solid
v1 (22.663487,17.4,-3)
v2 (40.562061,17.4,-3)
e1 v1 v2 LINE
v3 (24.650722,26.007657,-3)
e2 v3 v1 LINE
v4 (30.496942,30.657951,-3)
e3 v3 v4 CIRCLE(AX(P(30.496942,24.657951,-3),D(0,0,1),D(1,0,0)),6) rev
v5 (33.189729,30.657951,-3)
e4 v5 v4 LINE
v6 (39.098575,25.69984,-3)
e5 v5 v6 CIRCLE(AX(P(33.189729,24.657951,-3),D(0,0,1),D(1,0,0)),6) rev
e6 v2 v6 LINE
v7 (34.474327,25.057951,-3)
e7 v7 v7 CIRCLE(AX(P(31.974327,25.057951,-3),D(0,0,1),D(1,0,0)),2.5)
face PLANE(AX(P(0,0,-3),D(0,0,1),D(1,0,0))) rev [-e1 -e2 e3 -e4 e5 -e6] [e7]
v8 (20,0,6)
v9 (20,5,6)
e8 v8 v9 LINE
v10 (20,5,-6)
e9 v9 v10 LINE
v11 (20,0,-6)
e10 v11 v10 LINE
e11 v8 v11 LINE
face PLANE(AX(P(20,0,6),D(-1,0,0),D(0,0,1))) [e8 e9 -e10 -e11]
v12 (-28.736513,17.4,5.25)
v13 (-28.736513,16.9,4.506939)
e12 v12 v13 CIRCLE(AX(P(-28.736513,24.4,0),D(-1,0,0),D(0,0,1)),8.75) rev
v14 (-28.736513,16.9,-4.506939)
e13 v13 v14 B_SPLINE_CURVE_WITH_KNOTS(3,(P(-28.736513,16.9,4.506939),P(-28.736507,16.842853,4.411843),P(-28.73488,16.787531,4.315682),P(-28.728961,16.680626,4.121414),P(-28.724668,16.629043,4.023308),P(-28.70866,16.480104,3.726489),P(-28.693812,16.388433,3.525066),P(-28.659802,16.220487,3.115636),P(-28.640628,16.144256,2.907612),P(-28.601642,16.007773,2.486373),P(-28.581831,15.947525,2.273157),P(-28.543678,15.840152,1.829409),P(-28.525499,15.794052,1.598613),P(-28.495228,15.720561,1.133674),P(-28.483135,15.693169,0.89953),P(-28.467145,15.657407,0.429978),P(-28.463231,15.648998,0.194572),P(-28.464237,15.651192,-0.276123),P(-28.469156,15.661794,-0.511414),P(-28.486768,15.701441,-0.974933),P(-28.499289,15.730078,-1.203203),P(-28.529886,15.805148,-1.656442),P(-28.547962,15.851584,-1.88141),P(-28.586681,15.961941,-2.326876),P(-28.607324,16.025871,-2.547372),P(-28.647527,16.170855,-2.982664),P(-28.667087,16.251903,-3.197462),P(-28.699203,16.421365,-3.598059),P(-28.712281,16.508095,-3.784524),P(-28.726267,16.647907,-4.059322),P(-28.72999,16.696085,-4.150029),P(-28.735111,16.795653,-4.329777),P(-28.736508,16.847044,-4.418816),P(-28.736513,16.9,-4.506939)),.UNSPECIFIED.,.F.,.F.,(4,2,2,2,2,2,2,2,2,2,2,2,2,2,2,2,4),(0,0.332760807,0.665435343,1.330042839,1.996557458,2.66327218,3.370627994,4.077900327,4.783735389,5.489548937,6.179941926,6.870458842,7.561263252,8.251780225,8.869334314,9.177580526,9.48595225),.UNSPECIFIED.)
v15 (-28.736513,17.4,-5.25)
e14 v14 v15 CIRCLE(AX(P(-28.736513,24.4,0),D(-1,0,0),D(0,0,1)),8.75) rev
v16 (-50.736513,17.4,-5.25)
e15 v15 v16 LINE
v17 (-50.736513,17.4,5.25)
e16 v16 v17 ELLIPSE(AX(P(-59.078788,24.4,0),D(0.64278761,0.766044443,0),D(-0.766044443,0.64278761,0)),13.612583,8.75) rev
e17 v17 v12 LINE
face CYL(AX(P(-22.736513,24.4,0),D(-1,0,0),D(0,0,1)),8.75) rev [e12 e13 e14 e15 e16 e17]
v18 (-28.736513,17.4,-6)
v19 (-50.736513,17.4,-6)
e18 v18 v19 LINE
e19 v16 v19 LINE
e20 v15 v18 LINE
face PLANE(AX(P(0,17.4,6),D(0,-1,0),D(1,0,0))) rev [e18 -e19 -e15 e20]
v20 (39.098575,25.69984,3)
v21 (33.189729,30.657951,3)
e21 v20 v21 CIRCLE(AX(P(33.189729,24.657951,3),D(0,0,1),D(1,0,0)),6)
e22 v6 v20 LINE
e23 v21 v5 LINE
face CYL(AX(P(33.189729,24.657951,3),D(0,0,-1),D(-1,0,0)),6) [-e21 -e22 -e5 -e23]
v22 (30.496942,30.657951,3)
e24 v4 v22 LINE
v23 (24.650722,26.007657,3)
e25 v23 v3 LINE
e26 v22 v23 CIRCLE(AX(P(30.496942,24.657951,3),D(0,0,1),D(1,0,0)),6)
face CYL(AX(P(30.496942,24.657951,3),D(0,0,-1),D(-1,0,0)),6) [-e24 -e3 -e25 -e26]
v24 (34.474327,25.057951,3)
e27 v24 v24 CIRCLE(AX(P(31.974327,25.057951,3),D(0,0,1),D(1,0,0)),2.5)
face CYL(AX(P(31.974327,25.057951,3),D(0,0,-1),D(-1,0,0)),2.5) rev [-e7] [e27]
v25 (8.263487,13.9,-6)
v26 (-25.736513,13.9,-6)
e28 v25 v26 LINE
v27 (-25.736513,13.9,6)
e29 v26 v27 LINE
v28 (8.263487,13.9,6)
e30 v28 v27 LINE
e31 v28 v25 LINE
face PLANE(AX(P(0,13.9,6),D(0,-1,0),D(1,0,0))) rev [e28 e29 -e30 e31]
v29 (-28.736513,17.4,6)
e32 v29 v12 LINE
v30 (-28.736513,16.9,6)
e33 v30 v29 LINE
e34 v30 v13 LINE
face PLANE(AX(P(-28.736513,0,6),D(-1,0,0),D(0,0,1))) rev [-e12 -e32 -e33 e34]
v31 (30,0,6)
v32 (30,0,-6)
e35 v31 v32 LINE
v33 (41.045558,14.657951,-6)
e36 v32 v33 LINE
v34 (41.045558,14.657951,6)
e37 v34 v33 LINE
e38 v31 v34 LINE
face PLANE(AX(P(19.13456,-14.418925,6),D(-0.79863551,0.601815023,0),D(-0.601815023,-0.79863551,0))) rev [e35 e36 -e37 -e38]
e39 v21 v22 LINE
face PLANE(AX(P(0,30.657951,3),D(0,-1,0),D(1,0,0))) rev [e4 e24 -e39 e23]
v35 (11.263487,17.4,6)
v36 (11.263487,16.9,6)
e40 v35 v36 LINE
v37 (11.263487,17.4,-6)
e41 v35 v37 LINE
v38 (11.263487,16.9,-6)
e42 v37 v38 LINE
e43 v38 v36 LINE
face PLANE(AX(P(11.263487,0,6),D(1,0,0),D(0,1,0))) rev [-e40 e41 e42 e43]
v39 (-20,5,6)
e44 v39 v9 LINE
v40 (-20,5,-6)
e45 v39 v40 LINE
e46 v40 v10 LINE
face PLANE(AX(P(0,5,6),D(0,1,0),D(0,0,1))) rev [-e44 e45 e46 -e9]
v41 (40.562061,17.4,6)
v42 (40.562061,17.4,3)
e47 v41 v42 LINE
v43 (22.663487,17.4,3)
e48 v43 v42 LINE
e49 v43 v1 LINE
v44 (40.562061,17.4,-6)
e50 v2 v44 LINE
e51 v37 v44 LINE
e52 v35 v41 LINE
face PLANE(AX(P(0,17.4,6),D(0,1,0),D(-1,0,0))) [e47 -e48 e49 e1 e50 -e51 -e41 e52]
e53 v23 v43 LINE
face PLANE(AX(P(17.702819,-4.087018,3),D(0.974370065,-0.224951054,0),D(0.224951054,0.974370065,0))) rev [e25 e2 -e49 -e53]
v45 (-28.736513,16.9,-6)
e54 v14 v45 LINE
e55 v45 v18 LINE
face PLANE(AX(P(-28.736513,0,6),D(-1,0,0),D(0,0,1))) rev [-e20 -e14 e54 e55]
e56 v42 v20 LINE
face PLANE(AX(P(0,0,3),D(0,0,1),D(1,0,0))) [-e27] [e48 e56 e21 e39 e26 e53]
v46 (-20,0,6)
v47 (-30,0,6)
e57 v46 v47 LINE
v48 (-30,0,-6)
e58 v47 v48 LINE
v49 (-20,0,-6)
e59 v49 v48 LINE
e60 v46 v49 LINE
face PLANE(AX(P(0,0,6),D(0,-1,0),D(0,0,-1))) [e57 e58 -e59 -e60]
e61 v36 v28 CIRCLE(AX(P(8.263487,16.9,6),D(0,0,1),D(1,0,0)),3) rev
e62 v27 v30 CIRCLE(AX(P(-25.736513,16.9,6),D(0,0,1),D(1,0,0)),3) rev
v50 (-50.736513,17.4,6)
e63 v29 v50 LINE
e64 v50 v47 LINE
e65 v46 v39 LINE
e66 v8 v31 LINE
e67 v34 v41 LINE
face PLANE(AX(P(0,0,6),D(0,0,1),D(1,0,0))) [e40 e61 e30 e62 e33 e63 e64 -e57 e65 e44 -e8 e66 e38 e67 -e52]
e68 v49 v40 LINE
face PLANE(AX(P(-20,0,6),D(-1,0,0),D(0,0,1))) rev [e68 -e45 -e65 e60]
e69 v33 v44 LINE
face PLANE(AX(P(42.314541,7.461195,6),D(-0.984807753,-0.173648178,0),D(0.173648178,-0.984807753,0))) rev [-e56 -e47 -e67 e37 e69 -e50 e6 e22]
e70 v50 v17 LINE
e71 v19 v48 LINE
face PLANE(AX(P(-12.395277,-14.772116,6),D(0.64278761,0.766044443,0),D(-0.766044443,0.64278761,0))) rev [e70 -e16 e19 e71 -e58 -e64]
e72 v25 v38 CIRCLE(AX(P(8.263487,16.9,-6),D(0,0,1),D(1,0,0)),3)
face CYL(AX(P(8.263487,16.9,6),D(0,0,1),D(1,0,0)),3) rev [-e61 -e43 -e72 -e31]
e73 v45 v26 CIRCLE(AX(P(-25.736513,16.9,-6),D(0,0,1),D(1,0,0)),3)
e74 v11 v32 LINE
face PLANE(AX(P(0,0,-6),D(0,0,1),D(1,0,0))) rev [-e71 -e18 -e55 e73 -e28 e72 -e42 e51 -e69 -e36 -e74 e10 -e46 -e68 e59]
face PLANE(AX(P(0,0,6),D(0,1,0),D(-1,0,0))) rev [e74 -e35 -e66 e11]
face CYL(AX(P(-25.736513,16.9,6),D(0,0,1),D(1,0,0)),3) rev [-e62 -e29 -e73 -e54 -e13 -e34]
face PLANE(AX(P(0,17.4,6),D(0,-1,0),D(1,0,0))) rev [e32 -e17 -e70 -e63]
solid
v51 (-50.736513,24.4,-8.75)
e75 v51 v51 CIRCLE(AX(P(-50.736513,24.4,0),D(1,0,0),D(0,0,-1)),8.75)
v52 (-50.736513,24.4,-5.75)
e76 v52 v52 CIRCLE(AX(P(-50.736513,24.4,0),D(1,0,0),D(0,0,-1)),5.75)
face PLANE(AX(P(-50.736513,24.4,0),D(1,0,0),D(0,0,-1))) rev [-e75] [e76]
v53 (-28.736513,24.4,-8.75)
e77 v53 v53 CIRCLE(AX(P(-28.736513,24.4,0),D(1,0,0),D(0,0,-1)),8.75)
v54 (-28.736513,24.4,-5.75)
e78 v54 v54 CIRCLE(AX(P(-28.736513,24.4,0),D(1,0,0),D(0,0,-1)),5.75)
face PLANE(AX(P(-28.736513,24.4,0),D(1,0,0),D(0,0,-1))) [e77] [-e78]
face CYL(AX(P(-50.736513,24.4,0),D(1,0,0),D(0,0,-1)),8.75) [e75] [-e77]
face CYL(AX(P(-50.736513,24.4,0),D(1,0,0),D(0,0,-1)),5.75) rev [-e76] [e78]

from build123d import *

# Parameters (mm, degrees)
BOSS_EXTRUDE1_DEPTH = 6
SKETCH1_3_R         = 2.5
BOSS_EXTRUDE2_DEPTH = 3
FILLET1_R           = 3
FILLET2_R           = 6
CUT_EXTRUDE1_START  = -22
SKETCH2_R           = 8.75
CUT_EXTRUDE1_DEPTH  = 22.272822
SKETCH2_5_R         = 8.75
SKETCH2_5_R_2       = 5.75
EXTRUDE_THIN4_DEPTH = 22


with BuildPart() as part:
    # Sketch1 → Boss-Extrude1 (new body, symmetric)
    with BuildSketch(Plane.XY):
        Polygon((20, 0), (30, 0), (41.045558347, 14.657951006), (40.562061127, 17.4), (22.663487489, 17.4), (11.263487489, 17.4), (11.263487489, 13.9), (-28.736512511, 13.9), (-28.736512511, 17.4), (-50.736512511, 17.4), (-30, 0), (-20, 0), (-20, 5), (20, 5), align=None)
    extrude(amount=BOSS_EXTRUDE1_DEPTH, both=True)

    # Sketch1<3> → Boss-Extrude2 (add, symmetric)
    with BuildSketch(Plane.XY):
        Polygon((22.663487489, 17.4), (40.562061127, 17.4), (38.224326656, 30.657951006), (25.724326656, 30.657951006), align=None)
        with Locations((31.974326656, 25.057951006)):
            Circle(SKETCH1_3_R, mode=Mode.SUBTRACT)
    extrude(amount=BOSS_EXTRUDE2_DEPTH, both=True)

    # Fillet1
    fillet1_edges = [part.edges().sort_by_distance(p)[0] for p in [
        (-28.736512511, 13.9, 0),
        (11.263487489, 13.9, 0),
    ]]
    fillet(fillet1_edges, radius=FILLET1_R)

    # Fillet2
    fillet2_edges = [part.edges().sort_by_distance(p)[0] for p in [
        (25.724326656, 30.657951006, 0),
        (38.224326656, 30.657951006, 0),
    ]]
    fillet(fillet2_edges, radius=FILLET2_R)

    # Sketch2 → Cut-Extrude1 (cut)
    with BuildSketch(Plane(origin=(-28.736512511, 0, 0), x_dir=(0, 0, -1), z_dir=(1, 0, 0)).offset(CUT_EXTRUDE1_START)):
        with Locations((0, 24.4)):
            Circle(SKETCH2_R)
    extrude(amount=CUT_EXTRUDE1_DEPTH, mode=Mode.SUBTRACT)


with BuildPart() as body_2:
    # Sketch2<5> → Extrude-Thin4 (new body)
    with BuildSketch(Plane(origin=(-28.736512511, 0, 0), x_dir=(0, 0, -1), z_dir=(1, 0, 0))):
        with Locations((0, 24.4)):
            Circle(SKETCH2_5_R)
        with Locations((0, 24.4)):
            Circle(SKETCH2_5_R_2, mode=Mode.SUBTRACT)
    extrude(amount=-EXTRUDE_THIN4_DEPTH)


solid = Compound([part.part, body_2.part])
